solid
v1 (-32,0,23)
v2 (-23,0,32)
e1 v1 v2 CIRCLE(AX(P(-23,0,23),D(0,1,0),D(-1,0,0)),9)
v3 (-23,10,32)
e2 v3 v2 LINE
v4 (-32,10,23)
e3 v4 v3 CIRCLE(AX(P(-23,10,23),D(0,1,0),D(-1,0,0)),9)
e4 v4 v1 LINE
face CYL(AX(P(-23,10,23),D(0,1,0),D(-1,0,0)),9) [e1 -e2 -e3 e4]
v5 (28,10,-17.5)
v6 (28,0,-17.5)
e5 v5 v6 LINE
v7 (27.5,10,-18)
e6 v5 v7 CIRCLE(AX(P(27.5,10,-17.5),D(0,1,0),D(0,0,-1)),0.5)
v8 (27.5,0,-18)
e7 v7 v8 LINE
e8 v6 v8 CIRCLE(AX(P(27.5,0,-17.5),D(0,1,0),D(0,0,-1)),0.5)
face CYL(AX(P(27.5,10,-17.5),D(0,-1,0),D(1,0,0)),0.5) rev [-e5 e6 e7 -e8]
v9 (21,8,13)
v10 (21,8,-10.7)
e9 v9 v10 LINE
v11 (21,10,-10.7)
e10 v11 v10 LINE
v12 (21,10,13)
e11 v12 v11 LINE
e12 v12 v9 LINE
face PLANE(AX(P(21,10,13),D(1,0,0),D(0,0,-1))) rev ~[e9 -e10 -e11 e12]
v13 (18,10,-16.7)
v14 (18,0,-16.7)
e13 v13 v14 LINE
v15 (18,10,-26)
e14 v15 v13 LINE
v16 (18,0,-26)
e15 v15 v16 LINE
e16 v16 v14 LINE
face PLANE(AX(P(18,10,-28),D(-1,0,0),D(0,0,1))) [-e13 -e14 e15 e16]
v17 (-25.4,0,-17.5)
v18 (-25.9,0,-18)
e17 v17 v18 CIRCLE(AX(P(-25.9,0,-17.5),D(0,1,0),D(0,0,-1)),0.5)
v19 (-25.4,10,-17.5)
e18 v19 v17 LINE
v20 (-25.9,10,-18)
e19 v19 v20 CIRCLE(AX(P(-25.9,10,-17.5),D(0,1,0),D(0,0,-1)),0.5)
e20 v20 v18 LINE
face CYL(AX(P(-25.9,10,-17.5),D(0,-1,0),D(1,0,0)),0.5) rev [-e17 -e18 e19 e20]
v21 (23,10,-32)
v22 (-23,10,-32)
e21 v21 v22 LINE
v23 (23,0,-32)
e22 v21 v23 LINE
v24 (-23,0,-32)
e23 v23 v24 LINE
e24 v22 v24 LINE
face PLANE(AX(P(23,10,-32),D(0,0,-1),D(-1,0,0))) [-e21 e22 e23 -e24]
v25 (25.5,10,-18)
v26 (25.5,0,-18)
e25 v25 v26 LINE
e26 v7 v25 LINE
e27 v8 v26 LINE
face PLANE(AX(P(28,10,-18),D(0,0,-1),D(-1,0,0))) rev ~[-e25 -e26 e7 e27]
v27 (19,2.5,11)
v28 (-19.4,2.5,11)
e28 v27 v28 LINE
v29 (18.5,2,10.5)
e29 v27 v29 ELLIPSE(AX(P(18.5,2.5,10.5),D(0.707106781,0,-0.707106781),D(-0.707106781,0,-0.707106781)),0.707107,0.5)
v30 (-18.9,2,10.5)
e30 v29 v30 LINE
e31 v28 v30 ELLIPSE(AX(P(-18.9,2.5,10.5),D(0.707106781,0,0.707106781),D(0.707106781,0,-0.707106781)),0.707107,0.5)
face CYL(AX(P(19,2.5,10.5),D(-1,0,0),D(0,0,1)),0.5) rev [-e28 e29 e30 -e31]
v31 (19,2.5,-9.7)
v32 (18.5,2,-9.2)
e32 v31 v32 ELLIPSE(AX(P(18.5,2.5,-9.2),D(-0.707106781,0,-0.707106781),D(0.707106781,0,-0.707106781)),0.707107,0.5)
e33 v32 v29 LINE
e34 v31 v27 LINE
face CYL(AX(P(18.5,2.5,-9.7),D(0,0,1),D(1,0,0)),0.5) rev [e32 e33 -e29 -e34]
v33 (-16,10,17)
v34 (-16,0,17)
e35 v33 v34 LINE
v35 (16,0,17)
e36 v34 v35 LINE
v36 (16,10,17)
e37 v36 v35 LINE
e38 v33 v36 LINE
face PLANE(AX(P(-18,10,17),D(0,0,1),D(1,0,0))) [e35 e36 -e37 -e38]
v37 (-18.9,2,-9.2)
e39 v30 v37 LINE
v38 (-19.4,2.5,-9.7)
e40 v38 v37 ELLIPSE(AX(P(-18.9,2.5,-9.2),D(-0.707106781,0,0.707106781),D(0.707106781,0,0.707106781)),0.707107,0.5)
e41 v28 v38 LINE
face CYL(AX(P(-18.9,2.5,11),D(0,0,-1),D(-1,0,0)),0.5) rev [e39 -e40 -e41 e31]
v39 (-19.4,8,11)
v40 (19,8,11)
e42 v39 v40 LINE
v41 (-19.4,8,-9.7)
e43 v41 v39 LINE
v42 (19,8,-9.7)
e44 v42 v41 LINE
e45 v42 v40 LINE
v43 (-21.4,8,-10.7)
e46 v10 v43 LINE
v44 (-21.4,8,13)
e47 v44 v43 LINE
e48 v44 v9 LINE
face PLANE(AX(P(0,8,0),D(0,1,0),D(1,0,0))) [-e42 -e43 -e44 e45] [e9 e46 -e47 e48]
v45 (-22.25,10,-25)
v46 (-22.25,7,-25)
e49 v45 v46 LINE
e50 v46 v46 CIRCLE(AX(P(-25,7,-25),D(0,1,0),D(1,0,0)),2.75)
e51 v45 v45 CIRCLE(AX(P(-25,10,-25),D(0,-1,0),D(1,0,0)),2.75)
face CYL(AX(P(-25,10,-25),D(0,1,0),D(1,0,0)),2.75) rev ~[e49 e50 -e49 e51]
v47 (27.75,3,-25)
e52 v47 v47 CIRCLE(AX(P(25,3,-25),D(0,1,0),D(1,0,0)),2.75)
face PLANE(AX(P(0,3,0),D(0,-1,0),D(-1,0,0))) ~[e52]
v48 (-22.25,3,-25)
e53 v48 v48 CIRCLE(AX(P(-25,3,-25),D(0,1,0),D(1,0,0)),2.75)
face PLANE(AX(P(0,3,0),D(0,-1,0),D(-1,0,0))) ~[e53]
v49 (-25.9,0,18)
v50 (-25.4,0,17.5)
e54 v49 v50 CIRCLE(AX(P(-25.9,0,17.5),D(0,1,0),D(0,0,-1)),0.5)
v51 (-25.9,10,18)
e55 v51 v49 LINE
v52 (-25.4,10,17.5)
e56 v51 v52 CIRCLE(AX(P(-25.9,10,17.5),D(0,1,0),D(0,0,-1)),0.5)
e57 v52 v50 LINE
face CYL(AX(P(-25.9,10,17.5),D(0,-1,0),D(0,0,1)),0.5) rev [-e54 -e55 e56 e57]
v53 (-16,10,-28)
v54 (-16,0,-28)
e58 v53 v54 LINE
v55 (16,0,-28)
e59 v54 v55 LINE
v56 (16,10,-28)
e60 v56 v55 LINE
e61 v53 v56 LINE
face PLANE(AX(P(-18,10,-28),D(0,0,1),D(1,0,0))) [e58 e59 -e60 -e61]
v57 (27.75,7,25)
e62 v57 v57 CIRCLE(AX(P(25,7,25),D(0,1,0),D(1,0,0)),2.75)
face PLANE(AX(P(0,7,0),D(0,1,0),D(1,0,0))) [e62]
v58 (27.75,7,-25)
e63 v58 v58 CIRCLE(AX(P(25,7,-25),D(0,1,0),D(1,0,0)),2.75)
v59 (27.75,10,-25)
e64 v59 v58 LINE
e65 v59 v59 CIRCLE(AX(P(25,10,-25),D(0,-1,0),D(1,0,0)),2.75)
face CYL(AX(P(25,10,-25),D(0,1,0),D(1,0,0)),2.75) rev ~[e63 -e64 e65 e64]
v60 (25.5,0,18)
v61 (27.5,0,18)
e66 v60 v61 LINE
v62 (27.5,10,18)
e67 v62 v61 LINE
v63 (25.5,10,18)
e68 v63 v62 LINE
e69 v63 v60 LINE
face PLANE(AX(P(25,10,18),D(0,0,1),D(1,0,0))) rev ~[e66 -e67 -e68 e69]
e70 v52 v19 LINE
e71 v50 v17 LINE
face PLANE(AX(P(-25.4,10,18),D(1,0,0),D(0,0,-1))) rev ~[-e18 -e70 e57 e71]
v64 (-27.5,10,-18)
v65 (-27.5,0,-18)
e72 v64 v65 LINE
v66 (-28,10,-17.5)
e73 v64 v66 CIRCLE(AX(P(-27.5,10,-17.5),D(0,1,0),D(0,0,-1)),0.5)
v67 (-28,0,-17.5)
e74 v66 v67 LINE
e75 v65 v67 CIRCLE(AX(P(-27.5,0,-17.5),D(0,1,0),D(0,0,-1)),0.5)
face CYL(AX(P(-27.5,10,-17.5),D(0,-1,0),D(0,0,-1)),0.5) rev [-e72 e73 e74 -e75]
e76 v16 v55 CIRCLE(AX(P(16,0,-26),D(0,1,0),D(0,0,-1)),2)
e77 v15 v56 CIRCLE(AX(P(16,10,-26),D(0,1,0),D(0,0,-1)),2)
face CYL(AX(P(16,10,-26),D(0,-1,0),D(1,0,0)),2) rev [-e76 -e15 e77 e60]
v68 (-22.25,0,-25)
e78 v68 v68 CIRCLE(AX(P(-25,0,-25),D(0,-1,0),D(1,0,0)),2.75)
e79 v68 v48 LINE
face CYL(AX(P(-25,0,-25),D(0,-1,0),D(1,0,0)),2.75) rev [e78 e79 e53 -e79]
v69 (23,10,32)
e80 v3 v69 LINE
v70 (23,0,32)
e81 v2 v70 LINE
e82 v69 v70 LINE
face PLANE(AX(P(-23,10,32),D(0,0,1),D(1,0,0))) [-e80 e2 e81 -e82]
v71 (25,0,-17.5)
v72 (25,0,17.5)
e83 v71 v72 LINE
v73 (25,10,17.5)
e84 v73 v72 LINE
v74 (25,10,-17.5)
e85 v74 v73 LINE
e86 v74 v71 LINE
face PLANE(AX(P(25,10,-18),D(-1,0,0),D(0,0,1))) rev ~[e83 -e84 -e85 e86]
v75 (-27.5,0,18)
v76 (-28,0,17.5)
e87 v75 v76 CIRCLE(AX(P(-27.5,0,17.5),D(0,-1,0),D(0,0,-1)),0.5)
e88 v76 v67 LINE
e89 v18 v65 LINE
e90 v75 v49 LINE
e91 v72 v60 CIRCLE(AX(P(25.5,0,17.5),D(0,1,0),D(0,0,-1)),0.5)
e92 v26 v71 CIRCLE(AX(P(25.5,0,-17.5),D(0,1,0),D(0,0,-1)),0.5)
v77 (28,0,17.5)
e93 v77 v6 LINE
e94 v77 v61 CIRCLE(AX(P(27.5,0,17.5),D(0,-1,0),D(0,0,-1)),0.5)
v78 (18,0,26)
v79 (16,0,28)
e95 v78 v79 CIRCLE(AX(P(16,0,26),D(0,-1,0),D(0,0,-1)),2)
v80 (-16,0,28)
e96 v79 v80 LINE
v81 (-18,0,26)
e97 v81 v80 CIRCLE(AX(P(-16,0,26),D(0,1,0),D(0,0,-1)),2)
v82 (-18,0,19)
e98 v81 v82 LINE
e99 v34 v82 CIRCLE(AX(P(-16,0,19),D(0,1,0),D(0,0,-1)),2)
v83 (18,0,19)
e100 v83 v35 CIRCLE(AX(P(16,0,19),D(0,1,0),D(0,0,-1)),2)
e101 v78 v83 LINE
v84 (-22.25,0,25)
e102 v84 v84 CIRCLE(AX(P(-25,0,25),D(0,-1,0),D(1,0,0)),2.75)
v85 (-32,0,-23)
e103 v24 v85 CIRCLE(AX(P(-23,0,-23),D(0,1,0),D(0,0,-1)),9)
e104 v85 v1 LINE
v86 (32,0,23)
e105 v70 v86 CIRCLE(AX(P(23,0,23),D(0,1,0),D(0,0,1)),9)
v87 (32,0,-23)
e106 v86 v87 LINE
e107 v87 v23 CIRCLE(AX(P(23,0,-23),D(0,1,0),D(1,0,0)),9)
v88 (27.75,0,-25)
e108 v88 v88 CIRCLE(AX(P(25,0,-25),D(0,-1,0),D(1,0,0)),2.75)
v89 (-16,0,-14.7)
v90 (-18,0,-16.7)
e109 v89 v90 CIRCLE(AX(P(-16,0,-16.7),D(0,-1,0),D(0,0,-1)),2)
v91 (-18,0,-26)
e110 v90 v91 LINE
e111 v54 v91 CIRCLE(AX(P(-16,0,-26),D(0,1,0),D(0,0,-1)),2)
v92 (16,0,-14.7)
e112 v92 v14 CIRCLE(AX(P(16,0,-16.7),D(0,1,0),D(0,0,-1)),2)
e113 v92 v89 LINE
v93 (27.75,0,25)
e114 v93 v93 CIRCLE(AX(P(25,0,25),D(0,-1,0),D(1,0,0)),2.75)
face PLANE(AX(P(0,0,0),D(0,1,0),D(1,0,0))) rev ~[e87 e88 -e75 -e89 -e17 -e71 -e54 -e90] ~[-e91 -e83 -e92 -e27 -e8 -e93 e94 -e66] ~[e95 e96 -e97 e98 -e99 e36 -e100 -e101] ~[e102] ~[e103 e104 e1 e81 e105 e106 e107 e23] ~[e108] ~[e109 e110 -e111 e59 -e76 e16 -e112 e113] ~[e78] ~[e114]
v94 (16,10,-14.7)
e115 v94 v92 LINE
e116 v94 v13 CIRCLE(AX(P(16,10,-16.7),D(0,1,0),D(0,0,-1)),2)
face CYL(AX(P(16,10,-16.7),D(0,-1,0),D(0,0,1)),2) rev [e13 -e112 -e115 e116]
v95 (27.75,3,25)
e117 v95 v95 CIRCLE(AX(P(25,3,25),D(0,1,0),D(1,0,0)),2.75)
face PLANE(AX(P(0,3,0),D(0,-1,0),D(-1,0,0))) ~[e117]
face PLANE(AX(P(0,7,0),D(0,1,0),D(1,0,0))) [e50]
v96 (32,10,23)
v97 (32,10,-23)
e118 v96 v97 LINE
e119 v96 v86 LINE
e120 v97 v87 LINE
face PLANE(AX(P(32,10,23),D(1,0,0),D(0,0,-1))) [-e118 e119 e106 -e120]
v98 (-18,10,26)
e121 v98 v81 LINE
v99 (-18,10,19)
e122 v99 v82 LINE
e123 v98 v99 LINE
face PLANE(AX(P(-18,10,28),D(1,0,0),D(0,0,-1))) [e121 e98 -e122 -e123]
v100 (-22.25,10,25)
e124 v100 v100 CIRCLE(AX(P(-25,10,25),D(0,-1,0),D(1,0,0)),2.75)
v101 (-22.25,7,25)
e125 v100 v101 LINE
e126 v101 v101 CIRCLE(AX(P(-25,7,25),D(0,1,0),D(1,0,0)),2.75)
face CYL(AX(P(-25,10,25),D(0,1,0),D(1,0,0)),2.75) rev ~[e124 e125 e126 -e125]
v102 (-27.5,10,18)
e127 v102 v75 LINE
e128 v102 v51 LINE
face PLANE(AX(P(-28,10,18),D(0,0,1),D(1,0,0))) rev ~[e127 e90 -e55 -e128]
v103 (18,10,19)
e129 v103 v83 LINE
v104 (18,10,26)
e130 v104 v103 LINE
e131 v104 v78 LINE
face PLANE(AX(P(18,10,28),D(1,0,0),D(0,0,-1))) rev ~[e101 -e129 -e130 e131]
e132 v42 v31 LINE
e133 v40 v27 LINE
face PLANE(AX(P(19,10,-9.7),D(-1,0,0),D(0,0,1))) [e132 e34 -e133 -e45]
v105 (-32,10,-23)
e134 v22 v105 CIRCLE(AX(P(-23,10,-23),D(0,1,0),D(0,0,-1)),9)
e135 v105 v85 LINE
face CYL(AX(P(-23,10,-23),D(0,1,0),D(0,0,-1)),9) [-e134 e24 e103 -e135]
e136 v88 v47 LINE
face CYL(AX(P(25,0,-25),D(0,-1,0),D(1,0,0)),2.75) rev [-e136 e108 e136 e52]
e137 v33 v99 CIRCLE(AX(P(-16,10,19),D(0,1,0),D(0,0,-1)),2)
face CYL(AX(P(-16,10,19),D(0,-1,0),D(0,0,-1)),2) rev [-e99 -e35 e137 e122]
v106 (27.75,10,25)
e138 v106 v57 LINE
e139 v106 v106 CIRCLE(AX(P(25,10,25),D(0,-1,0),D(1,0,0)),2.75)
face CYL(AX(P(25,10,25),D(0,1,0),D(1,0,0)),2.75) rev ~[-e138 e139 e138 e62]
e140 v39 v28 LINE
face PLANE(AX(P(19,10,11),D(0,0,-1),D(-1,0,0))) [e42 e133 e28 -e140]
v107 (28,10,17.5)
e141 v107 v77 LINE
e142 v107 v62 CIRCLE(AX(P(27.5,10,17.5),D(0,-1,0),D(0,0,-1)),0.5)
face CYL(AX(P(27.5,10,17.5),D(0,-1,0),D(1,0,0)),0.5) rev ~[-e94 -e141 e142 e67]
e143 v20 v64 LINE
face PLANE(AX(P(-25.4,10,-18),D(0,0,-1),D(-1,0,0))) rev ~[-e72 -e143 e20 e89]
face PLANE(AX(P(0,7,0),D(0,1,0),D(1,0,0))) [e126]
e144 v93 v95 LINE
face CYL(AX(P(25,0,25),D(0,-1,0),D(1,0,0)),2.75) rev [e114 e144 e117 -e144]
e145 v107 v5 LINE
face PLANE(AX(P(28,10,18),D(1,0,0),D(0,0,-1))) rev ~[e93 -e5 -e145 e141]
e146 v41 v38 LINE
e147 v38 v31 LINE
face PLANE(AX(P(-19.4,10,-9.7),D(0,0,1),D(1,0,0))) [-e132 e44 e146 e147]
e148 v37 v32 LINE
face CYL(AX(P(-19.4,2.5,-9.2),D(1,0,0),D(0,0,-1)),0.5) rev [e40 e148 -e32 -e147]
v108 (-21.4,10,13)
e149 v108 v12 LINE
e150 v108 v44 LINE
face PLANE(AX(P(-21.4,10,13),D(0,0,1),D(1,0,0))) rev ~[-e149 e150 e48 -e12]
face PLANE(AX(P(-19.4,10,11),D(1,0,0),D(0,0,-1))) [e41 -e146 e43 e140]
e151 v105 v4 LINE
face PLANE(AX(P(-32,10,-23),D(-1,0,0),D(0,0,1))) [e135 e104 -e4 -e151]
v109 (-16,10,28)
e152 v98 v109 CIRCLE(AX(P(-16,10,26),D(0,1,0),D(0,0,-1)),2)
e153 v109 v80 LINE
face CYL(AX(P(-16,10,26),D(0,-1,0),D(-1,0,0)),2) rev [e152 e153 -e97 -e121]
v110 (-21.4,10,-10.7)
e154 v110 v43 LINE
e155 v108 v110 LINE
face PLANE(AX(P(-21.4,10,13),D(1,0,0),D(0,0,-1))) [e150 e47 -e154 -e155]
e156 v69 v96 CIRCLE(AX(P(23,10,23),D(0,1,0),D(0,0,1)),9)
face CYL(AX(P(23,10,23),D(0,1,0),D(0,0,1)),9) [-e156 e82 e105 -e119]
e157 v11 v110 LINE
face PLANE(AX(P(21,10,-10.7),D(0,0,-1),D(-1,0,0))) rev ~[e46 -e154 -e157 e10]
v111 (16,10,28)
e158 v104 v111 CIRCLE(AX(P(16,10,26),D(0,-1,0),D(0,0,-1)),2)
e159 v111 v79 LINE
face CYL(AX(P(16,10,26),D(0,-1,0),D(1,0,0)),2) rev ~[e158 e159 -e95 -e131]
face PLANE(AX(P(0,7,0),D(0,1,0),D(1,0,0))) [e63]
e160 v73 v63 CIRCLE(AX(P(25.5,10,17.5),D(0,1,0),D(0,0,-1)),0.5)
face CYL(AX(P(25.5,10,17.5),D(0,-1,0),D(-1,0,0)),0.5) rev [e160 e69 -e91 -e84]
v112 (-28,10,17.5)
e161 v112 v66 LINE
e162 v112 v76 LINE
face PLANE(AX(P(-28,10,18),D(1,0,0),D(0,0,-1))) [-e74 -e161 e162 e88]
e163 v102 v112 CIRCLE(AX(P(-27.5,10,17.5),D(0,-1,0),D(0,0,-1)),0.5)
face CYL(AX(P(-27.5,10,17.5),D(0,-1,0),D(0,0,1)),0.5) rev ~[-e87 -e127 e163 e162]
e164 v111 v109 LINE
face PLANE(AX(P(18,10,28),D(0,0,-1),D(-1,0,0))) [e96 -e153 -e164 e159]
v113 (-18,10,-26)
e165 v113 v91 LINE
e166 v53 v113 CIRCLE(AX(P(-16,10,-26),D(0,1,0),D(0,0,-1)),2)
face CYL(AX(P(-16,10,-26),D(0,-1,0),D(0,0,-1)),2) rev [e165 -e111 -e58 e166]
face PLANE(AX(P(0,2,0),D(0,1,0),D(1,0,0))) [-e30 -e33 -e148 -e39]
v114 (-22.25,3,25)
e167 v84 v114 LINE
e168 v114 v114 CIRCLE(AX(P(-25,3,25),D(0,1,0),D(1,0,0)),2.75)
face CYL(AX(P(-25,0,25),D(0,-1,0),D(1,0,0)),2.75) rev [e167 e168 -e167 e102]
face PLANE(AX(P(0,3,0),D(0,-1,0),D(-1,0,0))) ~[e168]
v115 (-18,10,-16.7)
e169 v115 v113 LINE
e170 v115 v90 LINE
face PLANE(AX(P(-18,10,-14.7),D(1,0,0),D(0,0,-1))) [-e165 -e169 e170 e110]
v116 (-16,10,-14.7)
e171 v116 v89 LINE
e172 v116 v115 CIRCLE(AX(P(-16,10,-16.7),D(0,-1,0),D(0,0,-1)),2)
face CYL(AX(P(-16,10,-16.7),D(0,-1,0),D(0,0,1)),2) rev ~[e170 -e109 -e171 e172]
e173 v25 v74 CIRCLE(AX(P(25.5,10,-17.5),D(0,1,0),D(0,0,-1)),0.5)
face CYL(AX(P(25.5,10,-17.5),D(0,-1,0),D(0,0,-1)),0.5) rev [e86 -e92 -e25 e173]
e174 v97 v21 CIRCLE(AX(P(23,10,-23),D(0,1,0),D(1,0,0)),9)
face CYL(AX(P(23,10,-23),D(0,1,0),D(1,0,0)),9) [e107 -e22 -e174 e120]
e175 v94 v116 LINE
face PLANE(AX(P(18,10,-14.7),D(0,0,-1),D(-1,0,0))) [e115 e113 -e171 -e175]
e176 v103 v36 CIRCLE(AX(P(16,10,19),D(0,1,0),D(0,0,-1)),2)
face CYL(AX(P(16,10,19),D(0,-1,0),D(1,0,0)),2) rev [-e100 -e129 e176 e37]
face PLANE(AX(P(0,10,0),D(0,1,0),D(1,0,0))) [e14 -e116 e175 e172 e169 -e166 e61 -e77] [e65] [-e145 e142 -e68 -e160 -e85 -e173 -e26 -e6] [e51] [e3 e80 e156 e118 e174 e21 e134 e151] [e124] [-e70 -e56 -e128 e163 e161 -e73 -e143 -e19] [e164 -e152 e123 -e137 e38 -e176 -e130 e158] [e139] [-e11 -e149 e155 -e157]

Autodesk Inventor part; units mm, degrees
ref_plane "YZ Plane" through (0, 0, 0) normal (1, 0, 0) x (0, 1, 0)
ref_plane "XZ Plane" through (0, 0, 0) normal (0, 1, 0) x (-1, 0, 0)
sketch "Sketch1" plane through (0, 0, 0) normal (0, 1, 0) x (-1, 0, 0)
  line L0 (30, 30) -> (-30, 30)
  line L1 (-30, 30) -> (-30, -30)
  line L2 (-30, -30) -> (30, -30)
  line L3 (30, -30) -> (30, 30)
  line L4 (30, 30) -> (-30, -30) construction
  line L5 (-30, 30) -> (30, -30) construction
  point P0 (0, 0)
  dimension "d0" = 60
  dimension "d1" = 60
extrude "Extrusion1" add sketch "Sketch1" along normal blind 10
fillet "Fillet1" radius 7 4 edges at (30, 5, 30) (30, 5, -30) (-30, 5, 30) (-30, 5, -30)
sketch "Sketch2" plane through (0, 10, 0) normal (0, 1, 0) x (1, 0, 0)
  line L0 (-30, 30) -> (30, 30)
  line L1 (30, 30) -> (30, -30)
  line L2 (30, -30) -> (-30, -30)
  line L3 (-30, -30) -> (-30, 30)
  line L4 (-30, 30) -> (30, -30) construction
  line L5 (30, 30) -> (-30, -30) construction
  line L6 (25, -25) -> (25, 25)
  line L7 (25, 25) -> (-25, 25)
  line L8 (-25, 25) -> (-25, -25)
  line L9 (-25, -25) -> (25, -25)
  circle A0 centre (25, -25) radius 2.75
  circle A1 centre (-25, -25) radius 2.75
  circle A2 centre (25, 25) radius 2.75
  circle A3 centre (-25, 25) radius 2.75
  point P0 (0, 0)
  dimension "d5" = 5
  dimension "d6" = 5.5
  dimension "d7" = 5.5
  dimension "d8" = 5.5
  dimension "d9" = 5.5
extrude "Extrusion2" cut sketch "Sketch2" against normal blind 3 contours L9 A0 L6 | L6 A0 L9 | A2 L7 L6 | L6 L7 A2 | A1 L8 L9 | L9 L8 A1 | A3 L8 L7 | L7 L8 A3
sketch "Sketch7" plane through (0, 10, 0) normal (0, 1, 0) x (1, 0, 0)
  line L0 (-23, 30) -> (23, 30)
  line L1 (30, 23) -> (30, -23)
  line L2 (23, -30) -> (-23, -30)
  line L3 (-30, -23) -> (-30, 23)
  line L4 (-30, 30) -> (30, -30) construction
  line L5 (30, 30) -> (-30, -30) construction
  arc A0 (-23, 30) -> (-30, 23) centre (-23, 23) ccw
  arc A1 (-30, -23) -> (-23, -30) centre (-23, -23) ccw
  arc A2 (23, -30) -> (30, -23) centre (23, -23) ccw
  arc A3 (30, 23) -> (23, 30) centre (23, 23) ccw
  line L6 (23, 32) -> (-23, 32)
  arc A4 (-23, 32) -> (-32, 23) centre (-23, 23) ccw
  line L7 (-32, 23) -> (-32, -23)
  arc A5 (-32, -23) -> (-23, -32) centre (-23, -23) ccw
  line L8 (-23, -32) -> (23, -32)
  arc A6 (23, -32) -> (32, -23) centre (23, -23) ccw
  line L9 (32, -23) -> (32, 23)
  arc A7 (32, 23) -> (23, 32) centre (23, 23) ccw
  point P0 (0, 0)
  dimension "d47" = 7
  dimension "d48" = 2
extrude "Extrusion6" add sketch "Sketch7" against normal blind 10
sketch "Sketch17" plane through (0, 10, 0) normal (0, 1, 0) x (1, 0, 0)
  circle A0 centre (25, -25) radius 2.75 projected
  line L0 (-25, 25) -> (25, 25)
  line L1 (25, 25) -> (25, -25)
  line L2 (25, -25) -> (-25, -25)
  line L3 (-25, -25) -> (-25, 25)
  line L4 (-25, 25) -> (25, -25) construction
  line L5 (25, 25) -> (-25, -25) construction
  line L6 (21, -21) -> (21, 10.7)
  line L7 (-21.4, -13) -> (21, -13)
  line L8 (21, 10.7) -> (-21.4, 10.7)
  line L9 (-21.4, -13) -> (-21.4, 10.7)
  line L10 (-19.4, 9.7) -> (-19.4, -11)
  line L11 (-19.4, -11) -> (19, -11)
  line L12 (19, 9.7) -> (-19.4, 9.7)
  line L13 (19, 9.7) -> (19, -11)
  point P0 (0, 0)
  dimension "d134" = 50
  dimension "d135" = 50
  dimension "d136" = 4
  dimension "d137" = 8
  dimension "d138" = 42.4
  dimension "d139" = 23.7
  dimension "d141" = 1
  dimension "d142" = 2
extrude "Extrusion15" cut sketch "Sketch17" against normal blind 2 contours L7 L9 L8 L6
sketch "Sketch18" plane through (0, 10, 0) normal (0, 1, 0) x (1, 0, 0)
  line L0 (-19.4, 9.7) -> (19, 9.7)
  line L1 (19, 9.7) -> (19, -11)
  line L2 (19, -11) -> (-19.4, -11)
  line L3 (-19.4, -11) -> (-19.4, 9.7)
  point P0 (0, 0)
extrude "Extrusion16" cut sketch "Sketch18" against normal blind 8
sketch "Sketch19" plane through (0, 10, 0) normal (0, 1, 0) x (1, 0, 0)
  line L0 (23, 32) -> (-23, 32) projected
  line L1 (-32, 23) -> (-32, -23) projected
  line L2 (32, -23) -> (32, 23) projected
  line L3 (-21.4, 10.7) -> (21, 10.7) projected
  line L4 (-18, 14.7) -> (-18, 28)
  line L5 (-18, 28) -> (18, 28)
  line L6 (18, 28) -> (18, 14.7)
  line L7 (18, 14.7) -> (-18, 14.7)
  line L8 (-23, -32) -> (23, -32) projected
  line L9 (-28, -18) -> (-28, 18)
  line L10 (-21.4, -13) -> (-21.4, 10.7) projected
  line L11 (-28, -18) -> (-25.4, -18)
  line L12 (-25.4, -18) -> (-25.4, 18)
  line L13 (-25.4, 18) -> (-28, 18)
  line L14 (21, 10.7) -> (21, -13) projected
  line L15 (28, 18) -> (25, 18)
  line L16 (25, 18) -> (25, -18)
  line L17 (25, -18) -> (28, -18)
  line L18 (28, -18) -> (28, 18)
  line L19 (21, -13) -> (-21.4, -13) projected
  line L20 (18, -28) -> (18, -17)
  line L21 (18, -28) -> (-18, -28)
  line L22 (-18, -28) -> (-18, -17)
  line L23 (-18, -17) -> (18, -17)
  point P0 (0, 0)
  dimension "d147" = 4
  dimension "d148" = 14
  dimension "d149" = 4
  dimension "d150" = 14
  dimension "d151" = 4
  dimension "d152" = 4
  dimension "d153" = 4
  dimension "d154" = 4
  dimension "d155" = 14
  dimension "d156" = 14
  dimension "d157" = 4
  dimension "d158" = 4
  dimension "d159" = 14
  dimension "d160" = 4
  dimension "d161" = 14
  dimension "d162" = 4
  dimension "d163" = 4
  dimension "d164" = 4
  dimension "d165" = 14
  dimension "d166" = 14
  dimension "d167" = 4
extrude "Extrusion17" cut sketch "Sketch19" against normal through all contours L4 L5 L6 L7 | L9 L13 L12 L11 | L18 L17 L16 L15 | L21 L22 L23 L20
fillet "Fillet5" radius 2 8 edges at (18, 5, -28) (18, 5, 17) (-18, 5, -28) (-18, 5, 17) (-18, 5, -14.7) (-18, 5, 28) (18, 5, -14.7) (18, 5, 28)
fillet "Fillet5" radius 0.5 12 edges at (28, 5, 18) (-25.4, 5, 18) (28, 5, -18) (-25.4, 5, -18) (-28, 5, -18) (25, 5, -18) (-0.2, 2, -9.7) (-19.4, 2, 0.65) (-0.2, 2, 11) (-28, 5, 18) (25, 5, 18) (19, 2, 0.65)
ref_plane "Work Plane4" through (0, 5, 0) normal (0, 1, 0) x (1, 0, 0)
mirror "Mirror4" about plane through (0, 5, 0) normal (0, 1, 0) of "Extrusion2"
properties part number "14 pin long holder"
